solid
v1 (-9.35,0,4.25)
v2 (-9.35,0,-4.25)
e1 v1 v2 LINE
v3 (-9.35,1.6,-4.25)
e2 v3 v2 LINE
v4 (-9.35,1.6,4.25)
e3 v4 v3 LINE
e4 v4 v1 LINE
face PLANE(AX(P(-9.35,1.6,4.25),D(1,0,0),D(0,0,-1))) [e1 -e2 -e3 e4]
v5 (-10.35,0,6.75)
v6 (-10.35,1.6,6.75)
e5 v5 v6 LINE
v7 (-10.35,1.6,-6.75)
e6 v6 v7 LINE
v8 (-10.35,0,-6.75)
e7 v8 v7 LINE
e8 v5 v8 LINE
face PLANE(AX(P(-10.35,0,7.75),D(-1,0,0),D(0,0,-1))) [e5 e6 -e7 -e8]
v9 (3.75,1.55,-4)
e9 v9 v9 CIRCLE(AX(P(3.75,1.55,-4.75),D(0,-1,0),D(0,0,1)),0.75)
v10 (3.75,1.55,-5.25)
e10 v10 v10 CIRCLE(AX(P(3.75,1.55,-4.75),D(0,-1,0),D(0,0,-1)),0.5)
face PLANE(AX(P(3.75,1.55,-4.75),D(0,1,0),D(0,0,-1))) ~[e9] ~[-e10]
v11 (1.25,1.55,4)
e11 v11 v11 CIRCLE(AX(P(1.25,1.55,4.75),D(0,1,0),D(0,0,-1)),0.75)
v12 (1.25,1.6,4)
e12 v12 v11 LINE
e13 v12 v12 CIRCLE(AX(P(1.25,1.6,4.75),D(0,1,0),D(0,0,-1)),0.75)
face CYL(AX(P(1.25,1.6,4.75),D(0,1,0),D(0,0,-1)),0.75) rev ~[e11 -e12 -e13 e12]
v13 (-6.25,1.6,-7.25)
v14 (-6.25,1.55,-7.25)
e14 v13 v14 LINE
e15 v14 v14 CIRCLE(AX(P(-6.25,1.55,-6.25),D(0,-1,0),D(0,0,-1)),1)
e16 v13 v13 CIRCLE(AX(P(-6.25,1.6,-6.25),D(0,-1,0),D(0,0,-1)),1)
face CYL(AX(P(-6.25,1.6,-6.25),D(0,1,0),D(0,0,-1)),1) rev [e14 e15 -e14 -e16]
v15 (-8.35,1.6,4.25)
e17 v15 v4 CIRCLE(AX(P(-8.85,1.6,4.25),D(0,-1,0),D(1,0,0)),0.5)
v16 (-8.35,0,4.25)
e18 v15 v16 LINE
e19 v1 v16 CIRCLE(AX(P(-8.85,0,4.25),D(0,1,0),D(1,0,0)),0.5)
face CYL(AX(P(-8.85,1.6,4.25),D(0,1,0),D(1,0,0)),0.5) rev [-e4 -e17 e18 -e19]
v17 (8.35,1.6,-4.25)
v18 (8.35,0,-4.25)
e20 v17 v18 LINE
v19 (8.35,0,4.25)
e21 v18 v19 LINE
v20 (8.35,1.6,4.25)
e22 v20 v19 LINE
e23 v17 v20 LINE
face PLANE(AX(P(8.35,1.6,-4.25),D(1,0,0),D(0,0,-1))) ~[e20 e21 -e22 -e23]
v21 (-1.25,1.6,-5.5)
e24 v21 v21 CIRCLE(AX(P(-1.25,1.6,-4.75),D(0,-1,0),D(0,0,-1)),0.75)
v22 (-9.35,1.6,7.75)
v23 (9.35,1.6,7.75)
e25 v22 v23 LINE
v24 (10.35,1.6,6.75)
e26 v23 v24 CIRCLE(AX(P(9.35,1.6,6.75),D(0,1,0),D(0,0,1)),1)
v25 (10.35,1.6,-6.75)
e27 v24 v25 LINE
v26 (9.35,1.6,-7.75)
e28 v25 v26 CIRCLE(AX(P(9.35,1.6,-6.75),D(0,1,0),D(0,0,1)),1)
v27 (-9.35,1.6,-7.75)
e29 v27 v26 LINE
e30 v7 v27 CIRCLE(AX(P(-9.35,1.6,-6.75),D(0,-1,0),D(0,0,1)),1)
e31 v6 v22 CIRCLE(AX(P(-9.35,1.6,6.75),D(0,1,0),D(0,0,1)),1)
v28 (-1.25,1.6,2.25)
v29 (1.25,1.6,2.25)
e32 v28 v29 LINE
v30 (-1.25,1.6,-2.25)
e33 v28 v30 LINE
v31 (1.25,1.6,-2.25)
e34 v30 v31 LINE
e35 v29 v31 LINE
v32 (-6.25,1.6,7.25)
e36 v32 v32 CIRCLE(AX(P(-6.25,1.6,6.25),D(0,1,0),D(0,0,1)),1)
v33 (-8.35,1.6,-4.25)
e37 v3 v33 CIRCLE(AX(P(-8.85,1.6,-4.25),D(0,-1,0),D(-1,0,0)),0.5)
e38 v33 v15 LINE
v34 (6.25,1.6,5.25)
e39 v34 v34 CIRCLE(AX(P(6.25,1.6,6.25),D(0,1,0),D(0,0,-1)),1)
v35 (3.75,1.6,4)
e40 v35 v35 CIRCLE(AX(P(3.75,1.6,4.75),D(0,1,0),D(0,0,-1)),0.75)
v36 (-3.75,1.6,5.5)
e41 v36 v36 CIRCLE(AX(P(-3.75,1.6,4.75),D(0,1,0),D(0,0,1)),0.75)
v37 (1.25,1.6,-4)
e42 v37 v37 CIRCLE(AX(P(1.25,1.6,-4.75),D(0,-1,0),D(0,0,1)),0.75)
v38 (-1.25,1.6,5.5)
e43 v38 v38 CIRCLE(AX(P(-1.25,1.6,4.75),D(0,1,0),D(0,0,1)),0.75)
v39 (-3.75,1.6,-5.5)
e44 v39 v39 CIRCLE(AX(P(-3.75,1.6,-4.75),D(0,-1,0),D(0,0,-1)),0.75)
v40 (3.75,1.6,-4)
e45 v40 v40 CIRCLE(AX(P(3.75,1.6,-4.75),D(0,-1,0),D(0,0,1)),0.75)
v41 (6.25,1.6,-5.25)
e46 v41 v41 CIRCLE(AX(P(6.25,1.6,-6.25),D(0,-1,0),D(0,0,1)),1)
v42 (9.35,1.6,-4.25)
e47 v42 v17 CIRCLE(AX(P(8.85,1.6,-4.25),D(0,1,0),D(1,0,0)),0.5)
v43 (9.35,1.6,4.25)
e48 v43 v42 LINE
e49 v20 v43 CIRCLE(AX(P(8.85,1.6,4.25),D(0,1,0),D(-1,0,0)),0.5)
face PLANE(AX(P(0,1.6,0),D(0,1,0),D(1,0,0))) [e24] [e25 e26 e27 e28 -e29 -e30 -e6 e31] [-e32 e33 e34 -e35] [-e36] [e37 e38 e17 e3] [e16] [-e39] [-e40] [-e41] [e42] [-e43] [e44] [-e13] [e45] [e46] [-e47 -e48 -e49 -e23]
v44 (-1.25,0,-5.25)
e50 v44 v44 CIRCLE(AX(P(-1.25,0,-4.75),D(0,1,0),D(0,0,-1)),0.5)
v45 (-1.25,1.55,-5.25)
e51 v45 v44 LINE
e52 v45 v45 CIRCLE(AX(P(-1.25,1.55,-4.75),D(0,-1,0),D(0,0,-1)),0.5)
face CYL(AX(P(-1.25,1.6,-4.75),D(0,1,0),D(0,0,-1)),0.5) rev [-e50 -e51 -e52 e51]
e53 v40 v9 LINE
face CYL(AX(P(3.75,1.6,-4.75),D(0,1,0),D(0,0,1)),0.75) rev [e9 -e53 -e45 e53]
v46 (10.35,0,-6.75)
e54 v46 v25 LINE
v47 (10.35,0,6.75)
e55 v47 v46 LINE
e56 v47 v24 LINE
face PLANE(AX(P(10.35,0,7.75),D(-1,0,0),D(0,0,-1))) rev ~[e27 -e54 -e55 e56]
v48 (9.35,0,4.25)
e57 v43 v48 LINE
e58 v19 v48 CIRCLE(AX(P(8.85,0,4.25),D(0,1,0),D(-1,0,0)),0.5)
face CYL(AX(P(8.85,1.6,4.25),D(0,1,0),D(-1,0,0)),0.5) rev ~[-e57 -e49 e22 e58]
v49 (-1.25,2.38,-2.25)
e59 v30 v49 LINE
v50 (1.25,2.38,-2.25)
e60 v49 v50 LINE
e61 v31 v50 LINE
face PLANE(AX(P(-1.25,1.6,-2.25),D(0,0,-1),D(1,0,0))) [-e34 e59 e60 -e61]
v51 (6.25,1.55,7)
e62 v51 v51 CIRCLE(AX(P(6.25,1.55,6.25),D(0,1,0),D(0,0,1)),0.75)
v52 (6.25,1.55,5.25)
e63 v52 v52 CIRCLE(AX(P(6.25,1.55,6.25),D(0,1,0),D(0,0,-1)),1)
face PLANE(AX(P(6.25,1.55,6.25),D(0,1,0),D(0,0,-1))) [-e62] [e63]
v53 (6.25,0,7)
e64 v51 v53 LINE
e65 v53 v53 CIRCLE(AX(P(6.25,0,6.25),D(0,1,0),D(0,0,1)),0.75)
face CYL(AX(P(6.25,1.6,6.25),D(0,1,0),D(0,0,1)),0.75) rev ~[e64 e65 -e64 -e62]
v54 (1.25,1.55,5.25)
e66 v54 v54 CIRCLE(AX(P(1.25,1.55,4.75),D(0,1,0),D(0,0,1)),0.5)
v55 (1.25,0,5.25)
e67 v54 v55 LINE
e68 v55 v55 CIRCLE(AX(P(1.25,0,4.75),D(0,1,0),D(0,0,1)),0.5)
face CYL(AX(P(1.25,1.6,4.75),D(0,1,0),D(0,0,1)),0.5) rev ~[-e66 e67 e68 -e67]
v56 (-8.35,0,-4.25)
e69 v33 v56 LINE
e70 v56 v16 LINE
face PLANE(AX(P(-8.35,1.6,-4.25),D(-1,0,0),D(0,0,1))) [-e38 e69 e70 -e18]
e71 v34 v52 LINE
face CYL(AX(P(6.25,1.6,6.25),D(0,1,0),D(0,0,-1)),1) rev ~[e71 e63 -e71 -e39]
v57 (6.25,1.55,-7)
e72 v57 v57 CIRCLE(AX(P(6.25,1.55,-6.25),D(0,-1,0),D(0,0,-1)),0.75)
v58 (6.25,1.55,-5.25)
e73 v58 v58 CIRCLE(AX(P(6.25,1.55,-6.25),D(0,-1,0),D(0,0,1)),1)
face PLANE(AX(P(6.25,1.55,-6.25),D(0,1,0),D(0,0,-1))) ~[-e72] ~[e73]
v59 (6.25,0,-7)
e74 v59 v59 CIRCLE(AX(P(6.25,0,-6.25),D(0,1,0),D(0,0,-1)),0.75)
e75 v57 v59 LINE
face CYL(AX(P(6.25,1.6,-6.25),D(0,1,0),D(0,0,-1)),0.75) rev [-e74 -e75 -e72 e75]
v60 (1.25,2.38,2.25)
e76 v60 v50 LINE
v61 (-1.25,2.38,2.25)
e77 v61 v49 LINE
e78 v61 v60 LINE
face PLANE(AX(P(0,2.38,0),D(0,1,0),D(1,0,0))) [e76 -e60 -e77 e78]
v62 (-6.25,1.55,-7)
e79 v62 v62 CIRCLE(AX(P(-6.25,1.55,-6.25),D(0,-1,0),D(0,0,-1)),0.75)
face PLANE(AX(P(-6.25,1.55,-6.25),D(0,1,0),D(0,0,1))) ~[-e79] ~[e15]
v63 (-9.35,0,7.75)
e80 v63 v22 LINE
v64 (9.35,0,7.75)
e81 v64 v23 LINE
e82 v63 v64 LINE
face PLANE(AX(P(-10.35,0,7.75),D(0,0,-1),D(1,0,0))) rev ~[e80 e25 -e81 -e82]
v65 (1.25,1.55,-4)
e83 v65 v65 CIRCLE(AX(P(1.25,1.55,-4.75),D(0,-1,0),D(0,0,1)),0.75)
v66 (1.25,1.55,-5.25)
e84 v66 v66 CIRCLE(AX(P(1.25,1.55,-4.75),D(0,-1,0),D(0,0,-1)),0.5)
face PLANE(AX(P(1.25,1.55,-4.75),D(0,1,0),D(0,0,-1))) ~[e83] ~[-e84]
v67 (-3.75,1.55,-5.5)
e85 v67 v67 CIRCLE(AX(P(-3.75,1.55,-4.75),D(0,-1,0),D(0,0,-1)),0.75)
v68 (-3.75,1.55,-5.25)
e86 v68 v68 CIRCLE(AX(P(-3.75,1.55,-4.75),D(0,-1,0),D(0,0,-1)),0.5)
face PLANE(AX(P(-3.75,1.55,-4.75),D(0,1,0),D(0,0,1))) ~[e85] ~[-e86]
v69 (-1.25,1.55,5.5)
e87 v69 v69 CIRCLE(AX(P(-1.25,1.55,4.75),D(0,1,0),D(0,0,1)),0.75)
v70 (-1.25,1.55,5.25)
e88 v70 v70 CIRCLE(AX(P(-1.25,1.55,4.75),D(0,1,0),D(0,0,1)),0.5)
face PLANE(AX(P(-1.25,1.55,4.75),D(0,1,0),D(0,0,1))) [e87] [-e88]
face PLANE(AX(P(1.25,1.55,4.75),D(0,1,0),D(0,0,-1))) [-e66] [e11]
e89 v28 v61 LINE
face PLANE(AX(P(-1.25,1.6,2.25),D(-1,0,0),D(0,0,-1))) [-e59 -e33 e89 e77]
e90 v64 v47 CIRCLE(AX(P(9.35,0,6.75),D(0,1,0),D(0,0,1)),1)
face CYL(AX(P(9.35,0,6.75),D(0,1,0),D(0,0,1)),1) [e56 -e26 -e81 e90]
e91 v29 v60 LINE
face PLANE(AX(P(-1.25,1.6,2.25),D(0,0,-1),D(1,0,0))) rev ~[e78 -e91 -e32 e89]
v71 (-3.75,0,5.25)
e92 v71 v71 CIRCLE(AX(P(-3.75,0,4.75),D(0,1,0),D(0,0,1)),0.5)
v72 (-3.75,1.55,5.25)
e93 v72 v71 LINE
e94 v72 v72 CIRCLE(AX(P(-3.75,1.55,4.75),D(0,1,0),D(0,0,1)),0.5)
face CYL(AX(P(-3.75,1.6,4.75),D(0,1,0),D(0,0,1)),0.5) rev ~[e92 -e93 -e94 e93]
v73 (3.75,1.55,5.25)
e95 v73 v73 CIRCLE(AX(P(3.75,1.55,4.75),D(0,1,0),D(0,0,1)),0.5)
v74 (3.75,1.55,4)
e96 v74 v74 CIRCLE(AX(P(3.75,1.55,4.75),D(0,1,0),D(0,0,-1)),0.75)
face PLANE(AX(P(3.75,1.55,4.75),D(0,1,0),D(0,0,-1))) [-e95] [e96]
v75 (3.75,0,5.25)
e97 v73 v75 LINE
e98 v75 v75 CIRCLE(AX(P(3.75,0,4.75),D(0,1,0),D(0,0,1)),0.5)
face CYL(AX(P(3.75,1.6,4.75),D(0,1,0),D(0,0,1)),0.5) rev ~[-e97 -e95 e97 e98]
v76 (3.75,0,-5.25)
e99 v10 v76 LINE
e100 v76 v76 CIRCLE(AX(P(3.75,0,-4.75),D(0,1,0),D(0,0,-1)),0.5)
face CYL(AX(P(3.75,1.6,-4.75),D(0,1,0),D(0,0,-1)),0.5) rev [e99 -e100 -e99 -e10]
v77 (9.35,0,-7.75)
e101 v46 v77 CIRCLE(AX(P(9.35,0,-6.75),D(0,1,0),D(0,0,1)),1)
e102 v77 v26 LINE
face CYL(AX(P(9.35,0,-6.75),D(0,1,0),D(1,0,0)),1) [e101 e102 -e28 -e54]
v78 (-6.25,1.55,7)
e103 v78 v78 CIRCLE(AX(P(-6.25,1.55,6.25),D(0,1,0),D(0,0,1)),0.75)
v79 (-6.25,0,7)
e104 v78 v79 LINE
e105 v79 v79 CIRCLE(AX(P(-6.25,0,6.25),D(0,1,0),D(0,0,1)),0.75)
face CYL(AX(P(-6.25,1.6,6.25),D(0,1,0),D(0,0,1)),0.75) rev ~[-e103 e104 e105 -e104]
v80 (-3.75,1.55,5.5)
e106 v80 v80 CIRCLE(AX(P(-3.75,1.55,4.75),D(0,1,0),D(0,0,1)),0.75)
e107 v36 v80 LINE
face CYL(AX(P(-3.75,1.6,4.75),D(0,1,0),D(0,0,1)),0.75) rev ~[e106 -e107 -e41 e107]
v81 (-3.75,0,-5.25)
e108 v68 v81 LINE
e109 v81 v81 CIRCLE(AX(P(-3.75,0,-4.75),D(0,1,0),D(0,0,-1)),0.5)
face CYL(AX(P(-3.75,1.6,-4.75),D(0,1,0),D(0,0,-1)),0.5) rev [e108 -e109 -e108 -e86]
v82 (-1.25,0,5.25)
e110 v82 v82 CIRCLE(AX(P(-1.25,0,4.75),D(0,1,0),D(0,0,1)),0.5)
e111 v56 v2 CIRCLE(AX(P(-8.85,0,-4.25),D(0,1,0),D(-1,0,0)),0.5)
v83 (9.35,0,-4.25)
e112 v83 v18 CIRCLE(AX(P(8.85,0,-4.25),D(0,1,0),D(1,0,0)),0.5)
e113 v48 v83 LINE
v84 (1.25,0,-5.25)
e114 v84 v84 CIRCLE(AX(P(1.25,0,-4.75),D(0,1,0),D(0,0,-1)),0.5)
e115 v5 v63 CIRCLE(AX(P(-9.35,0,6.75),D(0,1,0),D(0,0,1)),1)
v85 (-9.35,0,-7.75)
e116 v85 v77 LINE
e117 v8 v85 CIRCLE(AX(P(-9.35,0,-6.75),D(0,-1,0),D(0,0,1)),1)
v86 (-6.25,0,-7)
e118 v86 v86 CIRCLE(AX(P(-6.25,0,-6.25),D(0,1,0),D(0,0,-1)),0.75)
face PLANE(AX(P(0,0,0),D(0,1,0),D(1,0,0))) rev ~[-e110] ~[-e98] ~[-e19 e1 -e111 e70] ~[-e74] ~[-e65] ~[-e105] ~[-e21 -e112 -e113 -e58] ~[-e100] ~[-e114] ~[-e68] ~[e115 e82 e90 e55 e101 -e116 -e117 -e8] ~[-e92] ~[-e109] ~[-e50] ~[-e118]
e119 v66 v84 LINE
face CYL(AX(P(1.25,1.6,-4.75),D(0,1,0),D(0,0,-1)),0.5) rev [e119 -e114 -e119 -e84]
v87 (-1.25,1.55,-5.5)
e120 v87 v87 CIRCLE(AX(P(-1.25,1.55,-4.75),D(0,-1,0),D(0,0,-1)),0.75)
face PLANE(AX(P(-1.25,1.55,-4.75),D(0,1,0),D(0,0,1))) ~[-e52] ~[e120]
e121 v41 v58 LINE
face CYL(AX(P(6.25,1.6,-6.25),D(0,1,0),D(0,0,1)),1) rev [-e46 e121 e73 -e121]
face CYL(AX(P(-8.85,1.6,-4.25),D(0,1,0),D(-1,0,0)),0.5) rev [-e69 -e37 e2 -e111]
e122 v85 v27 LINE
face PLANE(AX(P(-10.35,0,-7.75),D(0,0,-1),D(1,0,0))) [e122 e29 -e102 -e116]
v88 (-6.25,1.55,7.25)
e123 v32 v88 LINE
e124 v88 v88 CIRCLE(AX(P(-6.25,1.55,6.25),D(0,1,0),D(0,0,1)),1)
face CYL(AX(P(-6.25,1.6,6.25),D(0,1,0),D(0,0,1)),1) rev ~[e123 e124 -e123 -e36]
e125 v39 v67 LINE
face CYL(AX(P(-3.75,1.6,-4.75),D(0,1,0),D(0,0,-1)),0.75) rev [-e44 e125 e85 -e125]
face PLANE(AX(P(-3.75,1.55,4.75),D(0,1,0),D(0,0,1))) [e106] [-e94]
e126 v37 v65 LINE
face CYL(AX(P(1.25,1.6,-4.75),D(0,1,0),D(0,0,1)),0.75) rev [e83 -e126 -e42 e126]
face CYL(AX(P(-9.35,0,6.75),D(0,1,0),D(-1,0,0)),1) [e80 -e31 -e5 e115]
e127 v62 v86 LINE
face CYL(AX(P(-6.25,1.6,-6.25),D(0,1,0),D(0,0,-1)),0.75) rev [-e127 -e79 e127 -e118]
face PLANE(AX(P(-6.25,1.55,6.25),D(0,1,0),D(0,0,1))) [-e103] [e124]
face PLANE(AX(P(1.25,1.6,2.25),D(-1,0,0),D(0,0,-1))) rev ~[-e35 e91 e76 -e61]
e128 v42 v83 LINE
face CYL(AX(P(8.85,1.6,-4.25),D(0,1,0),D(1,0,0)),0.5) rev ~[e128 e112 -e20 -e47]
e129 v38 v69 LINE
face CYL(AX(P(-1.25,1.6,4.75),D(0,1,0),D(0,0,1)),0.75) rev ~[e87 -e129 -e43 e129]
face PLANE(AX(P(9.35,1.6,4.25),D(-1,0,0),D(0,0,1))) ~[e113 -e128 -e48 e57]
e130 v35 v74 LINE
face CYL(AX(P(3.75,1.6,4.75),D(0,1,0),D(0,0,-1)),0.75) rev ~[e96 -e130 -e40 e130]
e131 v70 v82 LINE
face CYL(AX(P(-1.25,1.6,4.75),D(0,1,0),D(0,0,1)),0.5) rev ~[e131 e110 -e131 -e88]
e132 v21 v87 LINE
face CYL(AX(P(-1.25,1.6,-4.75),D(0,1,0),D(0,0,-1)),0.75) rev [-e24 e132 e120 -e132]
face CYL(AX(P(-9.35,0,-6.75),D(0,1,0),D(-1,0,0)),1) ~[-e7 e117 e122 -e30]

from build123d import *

# Parameters (mm, degrees)
SKETCH1_W           = 20.7
SKETCH1_H           = 15.5
BOSS_EXTRUDE1_DEPTH = 1.6
FILLET1_R           = 1
SKETCH2_R           = 0.75
SKETCH2_R_2         = 0.5
CUT_EXTRUDE1_DEPTH  = 14.028622337
SKETCH2_3_R         = 1
SKETCH2_3_R_2       = 0.75
SKETCH2_3_R_3       = 0.5
CUT_EXTRUDE3_DEPTH  = 0.05
CUT_EXTRUDE2_DEPTH  = 14.028622337
SKETCH4_W           = 2.5
SKETCH4_H           = 4.5
BOSS_EXTRUDE2_DEPTH = 0.78


with BuildPart() as part:
    # Sketch1 → Boss-Extrude1 (new body)
    with BuildSketch(Plane(origin=(0, 0, 0), x_dir=(1, 0, 0), z_dir=(0, 1, 0))):
        Rectangle(SKETCH1_W, SKETCH1_H)
    extrude(amount=BOSS_EXTRUDE1_DEPTH)

    # Fillet1
    fillet1_edges = [part.edges().sort_by_distance(p)[0] for p in [
        (-10.35, 0.8, -7.75),
        (-10.35, 0.8, 7.75),
        (10.35, 0.8, -7.75),
        (10.35, 0.8, 7.75),
    ]]
    fillet(fillet1_edges, radius=FILLET1_R)

    # Sketch2 → Cut-Extrude1 (cut, through all)
    with BuildSketch(Plane(origin=(0, 1.6, 0), x_dir=(1, 0, 0), z_dir=(0, 1, 0))):
        with Locations((-6.25, -6.25)):
            Circle(SKETCH2_R)
        with Locations((-3.75, -4.75)):
            Circle(SKETCH2_R_2)
        with Locations((-1.25, -4.75)):
            Circle(SKETCH2_R_2)
        with Locations((6.25, -6.25)):
            Circle(SKETCH2_R)
        with Locations((3.75, -4.75)):
            Circle(SKETCH2_R_2)
        with Locations((1.25, -4.75)):
            Circle(SKETCH2_R_2)
    cut_extrude1 = extrude(amount=-CUT_EXTRUDE1_DEPTH, mode=Mode.SUBTRACT)

    # Sketch2<3> → Cut-Extrude3 (cut)
    # profile 1 of 6: a face of its own
    with BuildSketch(Plane(origin=(0, 1.6, 0), x_dir=(1, 0, 0), z_dir=(0, 1, 0))):
        with Locations((-6.25, -6.25)):
            Circle(SKETCH2_3_R)
        with Locations((-6.25, -6.25)):
            Circle(SKETCH2_3_R_2, mode=Mode.SUBTRACT)
    # profile 2 of 6: a face of its own
    with BuildSketch(Plane(origin=(0, 1.6, 0), x_dir=(1, 0, 0), z_dir=(0, 1, 0))):
        with Locations((-3.75, -4.75)):
            Circle(SKETCH2_3_R_2)
        with Locations((-3.75, -4.75)):
            Circle(SKETCH2_3_R_3, mode=Mode.SUBTRACT)
    # profile 3 of 6: a face of its own
    with BuildSketch(Plane(origin=(0, 1.6, 0), x_dir=(1, 0, 0), z_dir=(0, 1, 0))):
        with Locations((-1.25, -4.75)):
            Circle(SKETCH2_3_R_2)
        with Locations((-1.25, -4.75)):
            Circle(SKETCH2_3_R_3, mode=Mode.SUBTRACT)
    # profile 4 of 6: a face of its own
    with BuildSketch(Plane(origin=(0, 1.6, 0), x_dir=(1, 0, 0), z_dir=(0, 1, 0))):
        with Locations((1.25, -4.75)):
            Circle(SKETCH2_3_R_2)
        with Locations((1.25, -4.75)):
            Circle(SKETCH2_3_R_3, mode=Mode.SUBTRACT)
    # profile 5 of 6: a face of its own
    with BuildSketch(Plane(origin=(0, 1.6, 0), x_dir=(1, 0, 0), z_dir=(0, 1, 0))):
        with Locations((3.75, -4.75)):
            Circle(SKETCH2_3_R_2)
        with Locations((3.75, -4.75)):
            Circle(SKETCH2_3_R_3, mode=Mode.SUBTRACT)
    # profile 6 of 6: a face of its own
    with BuildSketch(Plane(origin=(0, 1.6, 0), x_dir=(1, 0, 0), z_dir=(0, 1, 0))):
        with Locations((6.25, -6.25)):
            Circle(SKETCH2_3_R)
        with Locations((6.25, -6.25)):
            Circle(SKETCH2_3_R_2, mode=Mode.SUBTRACT)
    cut_extrude3 = extrude(amount=-CUT_EXTRUDE3_DEPTH, mode=Mode.SUBTRACT)

    # Mirror1: Cut-Extrude1, Cut-Extrude3 across plane
    add(cut_extrude1.mirror(Plane.XY), mode=Mode.SUBTRACT)
    add(cut_extrude3.mirror(Plane.XY), mode=Mode.SUBTRACT)

    # Sketch3 → Cut-Extrude2 (cut, through all)
    with BuildSketch(Plane(origin=(0, 1.6, 0), x_dir=(1, 0, 0), z_dir=(0, 1, 0))):
        with BuildLine():
            Line((-9.35, -4.25), (-9.35, 4.25))
            ThreePointArc((-9.35, 4.25), (-8.85, 4.75), (-8.35, 4.25))
            Line((-8.35, 4.25), (-8.35, -4.25))
            ThreePointArc((-8.35, -4.25), (-8.85, -4.75), (-9.35, -4.25))
        make_face()
    cut_extrude2 = extrude(amount=-CUT_EXTRUDE2_DEPTH, mode=Mode.SUBTRACT)

    # Mirror2: Cut-Extrude2 across plane
    add(cut_extrude2.mirror(Plane(origin=(0, 0, 0), x_dir=(0, 0, 1), z_dir=(1, 0, 0))), mode=Mode.SUBTRACT)

    # Sketch4 → Boss-Extrude2 (add)
    with BuildSketch(Plane(origin=(0, 1.6, 0), x_dir=(1, 0, 0), z_dir=(0, 1, 0))):
        Rectangle(SKETCH4_W, SKETCH4_H)
    extrude(amount=BOSS_EXTRUDE2_DEPTH)


solid = part.part
